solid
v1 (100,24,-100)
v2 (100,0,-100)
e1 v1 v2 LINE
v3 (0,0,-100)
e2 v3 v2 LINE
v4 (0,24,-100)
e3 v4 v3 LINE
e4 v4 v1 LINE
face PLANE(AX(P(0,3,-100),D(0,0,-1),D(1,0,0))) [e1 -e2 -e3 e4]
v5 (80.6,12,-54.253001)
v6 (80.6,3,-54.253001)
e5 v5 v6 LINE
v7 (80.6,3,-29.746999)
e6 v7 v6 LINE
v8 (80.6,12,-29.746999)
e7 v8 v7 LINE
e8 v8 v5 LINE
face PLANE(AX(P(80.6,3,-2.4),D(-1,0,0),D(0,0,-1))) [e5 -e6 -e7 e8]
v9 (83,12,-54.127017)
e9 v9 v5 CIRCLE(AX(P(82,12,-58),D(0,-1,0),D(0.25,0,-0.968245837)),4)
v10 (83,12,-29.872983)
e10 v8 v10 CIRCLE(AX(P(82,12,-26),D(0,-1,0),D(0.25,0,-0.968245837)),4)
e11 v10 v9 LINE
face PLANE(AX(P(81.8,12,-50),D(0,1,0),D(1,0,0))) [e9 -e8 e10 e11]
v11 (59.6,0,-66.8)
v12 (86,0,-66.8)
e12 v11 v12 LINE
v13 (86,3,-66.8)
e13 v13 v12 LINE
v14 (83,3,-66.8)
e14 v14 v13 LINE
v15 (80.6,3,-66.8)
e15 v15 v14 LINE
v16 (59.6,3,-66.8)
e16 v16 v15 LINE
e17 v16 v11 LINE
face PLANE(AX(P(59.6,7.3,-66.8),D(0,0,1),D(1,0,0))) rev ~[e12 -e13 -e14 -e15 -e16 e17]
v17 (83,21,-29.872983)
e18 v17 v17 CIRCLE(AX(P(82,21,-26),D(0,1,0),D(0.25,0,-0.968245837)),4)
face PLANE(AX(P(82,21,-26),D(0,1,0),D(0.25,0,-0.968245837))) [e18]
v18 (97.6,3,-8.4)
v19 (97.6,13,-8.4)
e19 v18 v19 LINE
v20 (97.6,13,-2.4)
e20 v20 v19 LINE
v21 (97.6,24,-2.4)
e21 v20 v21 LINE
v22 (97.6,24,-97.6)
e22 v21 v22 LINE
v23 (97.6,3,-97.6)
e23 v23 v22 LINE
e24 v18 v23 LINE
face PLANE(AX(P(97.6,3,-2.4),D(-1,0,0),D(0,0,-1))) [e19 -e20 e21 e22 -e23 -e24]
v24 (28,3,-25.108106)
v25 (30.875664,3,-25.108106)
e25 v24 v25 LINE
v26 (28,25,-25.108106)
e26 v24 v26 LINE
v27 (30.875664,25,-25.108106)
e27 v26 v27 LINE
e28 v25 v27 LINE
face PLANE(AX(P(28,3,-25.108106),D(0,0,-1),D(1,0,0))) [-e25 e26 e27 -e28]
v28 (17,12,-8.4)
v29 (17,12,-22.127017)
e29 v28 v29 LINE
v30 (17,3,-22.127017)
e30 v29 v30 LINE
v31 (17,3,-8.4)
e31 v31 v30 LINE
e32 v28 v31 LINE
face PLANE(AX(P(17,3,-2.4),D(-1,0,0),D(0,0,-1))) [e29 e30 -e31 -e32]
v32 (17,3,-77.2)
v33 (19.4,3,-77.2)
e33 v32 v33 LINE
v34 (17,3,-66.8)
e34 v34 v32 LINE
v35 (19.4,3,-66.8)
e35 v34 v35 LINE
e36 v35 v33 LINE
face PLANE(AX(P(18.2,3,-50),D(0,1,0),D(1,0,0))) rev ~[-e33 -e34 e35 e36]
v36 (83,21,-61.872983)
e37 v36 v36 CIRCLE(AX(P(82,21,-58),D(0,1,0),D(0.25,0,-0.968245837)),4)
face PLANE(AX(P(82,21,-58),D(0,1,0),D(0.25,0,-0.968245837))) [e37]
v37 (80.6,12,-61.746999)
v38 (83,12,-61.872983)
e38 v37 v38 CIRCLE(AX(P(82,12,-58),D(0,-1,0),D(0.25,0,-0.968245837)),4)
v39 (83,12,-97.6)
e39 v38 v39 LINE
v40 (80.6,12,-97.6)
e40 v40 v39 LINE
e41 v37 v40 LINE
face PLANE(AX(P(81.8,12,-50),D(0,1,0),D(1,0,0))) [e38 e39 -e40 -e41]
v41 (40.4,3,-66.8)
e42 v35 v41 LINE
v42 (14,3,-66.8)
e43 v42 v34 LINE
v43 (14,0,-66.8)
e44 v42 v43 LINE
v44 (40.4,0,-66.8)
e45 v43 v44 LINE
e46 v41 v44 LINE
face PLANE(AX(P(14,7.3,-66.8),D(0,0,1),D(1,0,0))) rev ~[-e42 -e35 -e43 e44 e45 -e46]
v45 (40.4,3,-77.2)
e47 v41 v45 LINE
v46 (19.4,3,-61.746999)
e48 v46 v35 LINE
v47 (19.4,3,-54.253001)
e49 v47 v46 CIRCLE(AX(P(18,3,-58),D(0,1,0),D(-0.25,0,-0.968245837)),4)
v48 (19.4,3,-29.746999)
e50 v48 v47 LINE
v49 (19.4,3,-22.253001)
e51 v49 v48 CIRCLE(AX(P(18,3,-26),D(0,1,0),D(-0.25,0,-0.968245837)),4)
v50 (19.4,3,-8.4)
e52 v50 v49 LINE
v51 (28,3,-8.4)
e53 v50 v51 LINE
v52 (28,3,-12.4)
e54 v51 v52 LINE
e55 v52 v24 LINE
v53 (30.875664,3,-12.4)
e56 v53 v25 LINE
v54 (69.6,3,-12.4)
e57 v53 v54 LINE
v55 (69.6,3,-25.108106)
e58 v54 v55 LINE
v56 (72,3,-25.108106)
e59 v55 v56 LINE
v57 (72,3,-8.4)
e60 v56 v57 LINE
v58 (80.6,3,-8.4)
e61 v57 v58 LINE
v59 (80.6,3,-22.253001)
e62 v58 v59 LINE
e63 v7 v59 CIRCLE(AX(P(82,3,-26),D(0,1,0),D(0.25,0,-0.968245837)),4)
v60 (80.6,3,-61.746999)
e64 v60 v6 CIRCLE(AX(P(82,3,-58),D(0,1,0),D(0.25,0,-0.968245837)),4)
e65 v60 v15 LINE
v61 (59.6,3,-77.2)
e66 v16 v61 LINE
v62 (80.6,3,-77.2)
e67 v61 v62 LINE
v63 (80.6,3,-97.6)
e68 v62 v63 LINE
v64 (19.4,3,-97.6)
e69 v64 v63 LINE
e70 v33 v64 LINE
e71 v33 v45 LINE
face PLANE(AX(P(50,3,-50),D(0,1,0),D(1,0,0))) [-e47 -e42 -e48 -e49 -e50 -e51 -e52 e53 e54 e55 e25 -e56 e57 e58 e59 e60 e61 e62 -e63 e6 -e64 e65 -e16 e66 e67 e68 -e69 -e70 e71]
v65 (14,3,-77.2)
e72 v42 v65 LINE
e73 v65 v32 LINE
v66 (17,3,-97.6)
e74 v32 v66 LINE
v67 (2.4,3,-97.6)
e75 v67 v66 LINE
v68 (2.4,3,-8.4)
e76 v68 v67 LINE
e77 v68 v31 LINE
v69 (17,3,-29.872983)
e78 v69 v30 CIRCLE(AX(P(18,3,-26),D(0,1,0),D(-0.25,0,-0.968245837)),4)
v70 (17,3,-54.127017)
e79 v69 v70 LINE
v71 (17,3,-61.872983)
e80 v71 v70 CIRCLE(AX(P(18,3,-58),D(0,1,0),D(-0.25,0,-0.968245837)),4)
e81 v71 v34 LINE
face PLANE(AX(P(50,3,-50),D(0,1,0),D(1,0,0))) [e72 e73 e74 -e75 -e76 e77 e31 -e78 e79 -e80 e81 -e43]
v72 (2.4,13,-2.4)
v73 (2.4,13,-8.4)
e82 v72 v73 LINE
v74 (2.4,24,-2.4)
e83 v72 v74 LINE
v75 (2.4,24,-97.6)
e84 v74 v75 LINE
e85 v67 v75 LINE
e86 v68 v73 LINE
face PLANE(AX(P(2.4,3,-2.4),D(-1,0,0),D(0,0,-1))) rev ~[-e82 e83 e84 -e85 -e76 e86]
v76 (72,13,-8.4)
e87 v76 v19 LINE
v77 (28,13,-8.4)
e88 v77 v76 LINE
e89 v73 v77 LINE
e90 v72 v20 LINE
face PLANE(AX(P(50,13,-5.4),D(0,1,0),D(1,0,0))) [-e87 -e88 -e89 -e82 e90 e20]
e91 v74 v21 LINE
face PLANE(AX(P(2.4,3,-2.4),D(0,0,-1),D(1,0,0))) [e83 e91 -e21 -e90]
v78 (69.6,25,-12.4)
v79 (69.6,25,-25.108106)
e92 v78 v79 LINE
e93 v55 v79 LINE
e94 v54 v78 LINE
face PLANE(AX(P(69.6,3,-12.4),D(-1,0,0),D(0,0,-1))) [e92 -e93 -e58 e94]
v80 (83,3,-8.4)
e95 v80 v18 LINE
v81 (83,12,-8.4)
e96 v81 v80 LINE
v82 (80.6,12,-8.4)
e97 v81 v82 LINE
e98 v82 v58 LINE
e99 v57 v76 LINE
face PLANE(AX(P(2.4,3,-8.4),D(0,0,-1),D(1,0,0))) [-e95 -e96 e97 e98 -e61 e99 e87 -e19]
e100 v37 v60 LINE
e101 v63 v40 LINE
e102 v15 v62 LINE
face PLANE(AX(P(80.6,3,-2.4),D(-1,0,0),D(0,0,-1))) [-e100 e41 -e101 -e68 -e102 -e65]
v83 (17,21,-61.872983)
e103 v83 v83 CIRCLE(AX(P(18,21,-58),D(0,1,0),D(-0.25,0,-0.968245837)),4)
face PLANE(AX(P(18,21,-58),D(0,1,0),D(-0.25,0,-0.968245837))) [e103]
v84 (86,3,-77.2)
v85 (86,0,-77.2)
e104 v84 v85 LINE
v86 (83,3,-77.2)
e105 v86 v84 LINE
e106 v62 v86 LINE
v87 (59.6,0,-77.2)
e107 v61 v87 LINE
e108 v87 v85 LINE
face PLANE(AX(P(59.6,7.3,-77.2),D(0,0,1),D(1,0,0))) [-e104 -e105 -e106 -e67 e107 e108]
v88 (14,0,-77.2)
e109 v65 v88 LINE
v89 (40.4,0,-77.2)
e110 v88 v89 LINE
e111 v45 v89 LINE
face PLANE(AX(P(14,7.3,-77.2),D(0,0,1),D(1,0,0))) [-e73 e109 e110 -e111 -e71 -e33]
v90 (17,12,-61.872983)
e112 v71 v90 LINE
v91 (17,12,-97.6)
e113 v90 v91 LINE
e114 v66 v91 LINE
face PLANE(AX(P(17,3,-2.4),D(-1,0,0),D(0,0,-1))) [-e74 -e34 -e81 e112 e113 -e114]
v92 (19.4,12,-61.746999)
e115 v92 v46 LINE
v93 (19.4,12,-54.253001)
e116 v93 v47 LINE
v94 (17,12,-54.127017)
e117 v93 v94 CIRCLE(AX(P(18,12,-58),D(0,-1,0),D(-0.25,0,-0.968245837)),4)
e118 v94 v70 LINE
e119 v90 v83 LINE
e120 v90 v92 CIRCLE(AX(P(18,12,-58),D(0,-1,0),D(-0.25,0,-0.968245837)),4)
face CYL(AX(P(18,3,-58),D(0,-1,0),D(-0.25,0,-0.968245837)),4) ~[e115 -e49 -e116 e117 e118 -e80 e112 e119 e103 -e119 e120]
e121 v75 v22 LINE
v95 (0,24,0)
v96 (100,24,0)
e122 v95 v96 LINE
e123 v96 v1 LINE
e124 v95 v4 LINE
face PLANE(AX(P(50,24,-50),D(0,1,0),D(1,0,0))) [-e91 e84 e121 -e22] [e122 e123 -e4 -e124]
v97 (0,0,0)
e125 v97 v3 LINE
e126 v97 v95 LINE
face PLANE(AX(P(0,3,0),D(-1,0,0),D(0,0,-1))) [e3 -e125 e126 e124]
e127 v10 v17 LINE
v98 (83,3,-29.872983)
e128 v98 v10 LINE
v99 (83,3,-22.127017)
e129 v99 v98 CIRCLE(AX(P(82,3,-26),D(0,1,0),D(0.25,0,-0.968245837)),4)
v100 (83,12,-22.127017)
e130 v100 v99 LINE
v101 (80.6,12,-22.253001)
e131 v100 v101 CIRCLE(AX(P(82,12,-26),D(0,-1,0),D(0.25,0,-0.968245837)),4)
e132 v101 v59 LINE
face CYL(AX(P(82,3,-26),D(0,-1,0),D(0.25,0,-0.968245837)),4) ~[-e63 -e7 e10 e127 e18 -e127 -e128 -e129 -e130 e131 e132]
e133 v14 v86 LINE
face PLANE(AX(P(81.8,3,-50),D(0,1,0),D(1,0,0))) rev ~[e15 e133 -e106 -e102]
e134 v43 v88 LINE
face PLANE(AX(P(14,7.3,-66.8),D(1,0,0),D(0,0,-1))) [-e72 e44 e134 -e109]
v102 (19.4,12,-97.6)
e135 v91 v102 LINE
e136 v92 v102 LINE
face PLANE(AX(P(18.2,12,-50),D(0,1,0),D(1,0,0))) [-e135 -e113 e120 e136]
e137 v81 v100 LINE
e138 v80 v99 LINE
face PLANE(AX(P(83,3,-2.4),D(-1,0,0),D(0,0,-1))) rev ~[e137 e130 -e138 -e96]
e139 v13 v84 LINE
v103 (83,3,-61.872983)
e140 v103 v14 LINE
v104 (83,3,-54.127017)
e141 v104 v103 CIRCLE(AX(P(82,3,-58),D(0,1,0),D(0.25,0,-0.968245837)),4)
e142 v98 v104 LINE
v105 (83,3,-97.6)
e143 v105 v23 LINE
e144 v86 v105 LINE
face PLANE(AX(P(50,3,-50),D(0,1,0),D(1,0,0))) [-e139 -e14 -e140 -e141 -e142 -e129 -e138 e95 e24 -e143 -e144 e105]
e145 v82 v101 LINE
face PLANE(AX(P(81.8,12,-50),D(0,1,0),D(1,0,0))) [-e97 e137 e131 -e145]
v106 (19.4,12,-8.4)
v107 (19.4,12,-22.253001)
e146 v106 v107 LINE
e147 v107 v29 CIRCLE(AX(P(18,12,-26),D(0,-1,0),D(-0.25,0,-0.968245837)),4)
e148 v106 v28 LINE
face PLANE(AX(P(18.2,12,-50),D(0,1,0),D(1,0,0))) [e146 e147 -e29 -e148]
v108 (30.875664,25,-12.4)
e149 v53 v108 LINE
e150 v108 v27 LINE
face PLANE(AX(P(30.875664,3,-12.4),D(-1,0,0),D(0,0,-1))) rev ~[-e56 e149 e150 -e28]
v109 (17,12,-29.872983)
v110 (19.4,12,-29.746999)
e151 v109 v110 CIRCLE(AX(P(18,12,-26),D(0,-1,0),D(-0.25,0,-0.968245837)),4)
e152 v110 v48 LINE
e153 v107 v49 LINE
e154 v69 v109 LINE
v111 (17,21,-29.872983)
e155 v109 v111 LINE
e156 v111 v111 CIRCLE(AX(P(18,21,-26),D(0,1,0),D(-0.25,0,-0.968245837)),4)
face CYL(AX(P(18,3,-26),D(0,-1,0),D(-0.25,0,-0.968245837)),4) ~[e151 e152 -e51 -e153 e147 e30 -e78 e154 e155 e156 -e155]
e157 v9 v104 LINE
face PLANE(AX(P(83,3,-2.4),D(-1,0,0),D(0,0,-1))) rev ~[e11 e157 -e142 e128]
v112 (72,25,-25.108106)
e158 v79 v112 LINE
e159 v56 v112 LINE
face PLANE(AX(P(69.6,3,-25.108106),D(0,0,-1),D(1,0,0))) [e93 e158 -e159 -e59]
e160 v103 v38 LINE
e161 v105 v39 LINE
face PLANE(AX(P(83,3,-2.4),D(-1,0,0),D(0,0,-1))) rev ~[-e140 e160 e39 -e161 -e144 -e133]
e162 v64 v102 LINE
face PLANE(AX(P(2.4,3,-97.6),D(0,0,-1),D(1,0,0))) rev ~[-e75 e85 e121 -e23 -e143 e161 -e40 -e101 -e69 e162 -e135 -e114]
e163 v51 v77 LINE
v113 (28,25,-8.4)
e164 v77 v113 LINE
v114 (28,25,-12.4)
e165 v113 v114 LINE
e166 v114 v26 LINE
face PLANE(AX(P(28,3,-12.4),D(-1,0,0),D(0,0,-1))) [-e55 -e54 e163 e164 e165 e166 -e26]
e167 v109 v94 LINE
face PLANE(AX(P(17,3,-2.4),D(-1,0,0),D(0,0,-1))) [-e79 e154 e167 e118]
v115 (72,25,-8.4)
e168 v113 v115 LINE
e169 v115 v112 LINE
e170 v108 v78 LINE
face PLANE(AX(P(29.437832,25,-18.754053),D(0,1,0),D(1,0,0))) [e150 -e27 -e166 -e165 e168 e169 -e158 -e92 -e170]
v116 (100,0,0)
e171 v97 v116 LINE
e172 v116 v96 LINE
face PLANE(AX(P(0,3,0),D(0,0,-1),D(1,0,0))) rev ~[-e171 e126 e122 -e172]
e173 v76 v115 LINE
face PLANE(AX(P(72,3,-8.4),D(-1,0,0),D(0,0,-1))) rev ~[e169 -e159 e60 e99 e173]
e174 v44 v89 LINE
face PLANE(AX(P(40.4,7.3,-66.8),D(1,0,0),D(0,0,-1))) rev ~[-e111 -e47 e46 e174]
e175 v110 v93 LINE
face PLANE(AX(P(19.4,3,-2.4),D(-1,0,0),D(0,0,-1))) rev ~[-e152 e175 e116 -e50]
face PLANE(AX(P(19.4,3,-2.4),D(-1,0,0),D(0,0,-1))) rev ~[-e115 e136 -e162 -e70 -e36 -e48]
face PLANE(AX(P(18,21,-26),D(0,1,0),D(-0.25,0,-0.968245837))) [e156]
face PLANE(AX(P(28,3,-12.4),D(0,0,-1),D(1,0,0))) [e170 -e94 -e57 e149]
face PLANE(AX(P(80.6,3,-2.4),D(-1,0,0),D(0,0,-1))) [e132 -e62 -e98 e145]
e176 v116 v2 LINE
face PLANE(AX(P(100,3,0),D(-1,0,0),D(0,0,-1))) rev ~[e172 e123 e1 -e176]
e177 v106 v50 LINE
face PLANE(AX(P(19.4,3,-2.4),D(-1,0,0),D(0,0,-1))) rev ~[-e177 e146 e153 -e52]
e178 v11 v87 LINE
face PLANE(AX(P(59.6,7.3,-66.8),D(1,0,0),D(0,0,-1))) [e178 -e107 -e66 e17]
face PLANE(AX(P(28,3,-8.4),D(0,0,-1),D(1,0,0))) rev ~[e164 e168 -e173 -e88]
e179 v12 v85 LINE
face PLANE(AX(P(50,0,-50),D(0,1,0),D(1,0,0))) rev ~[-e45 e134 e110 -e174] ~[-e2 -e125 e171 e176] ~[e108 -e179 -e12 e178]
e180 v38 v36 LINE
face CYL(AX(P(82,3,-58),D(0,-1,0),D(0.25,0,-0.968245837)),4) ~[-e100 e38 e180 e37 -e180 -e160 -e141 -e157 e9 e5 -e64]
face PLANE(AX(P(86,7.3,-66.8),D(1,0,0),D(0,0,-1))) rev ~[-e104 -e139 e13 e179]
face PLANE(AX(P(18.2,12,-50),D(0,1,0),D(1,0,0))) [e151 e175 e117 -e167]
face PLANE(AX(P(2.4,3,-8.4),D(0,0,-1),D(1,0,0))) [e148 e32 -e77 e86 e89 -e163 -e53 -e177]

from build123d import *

# Parameters (mm, degrees)
CROQUIS1_W              = 100
CROQUIS1_H              = 100
PLACABASE_DEPTH         = 3
CROQUIS2_W              = 100
CROQUIS2_H              = 100
CROQUIS2_W_2            = 95.2
CROQUIS2_H_2            = 95.2
PAREDES_DEPTH           = 21
CROQUIS4_W              = 26.4
CROQUIS4_H              = 10.4
ALOJAMIENTOSMOTOR_DEPTH = 12.4
CROQUIS6_W              = 2.4
CROQUIS6_H              = 95.2
NERVIOSRIGIDEZ_DEPTH    = 9
CROQUIS7_W              = 95.2
CROQUIS7_H              = 6
BLOQUECUNA_DEPTH        = 10
CROQUIS8_W              = 44
CROQUIS8_H              = 4
TORRESENSORES_DEPTH     = 22
CROQUIS11_W             = 2.875664279
CROQUIS11_H             = 12.708105518
CROQUIS11_W_2           = 2.4
NERVIOSTORRE_DEPTH      = 22
CROQUIS12_R             = 4
POSTESPLACA_DEPTH       = 18


with BuildPart() as part:
    # Croquis1 → PlacaBase (new body)
    with BuildSketch(Plane(origin=(0, 0, 0), x_dir=(1, 0, 0), z_dir=(0, 1, 0))):
        with Locations((50, 50)):
            Rectangle(CROQUIS1_W, CROQUIS1_H)
    extrude(amount=PLACABASE_DEPTH)

    # Croquis2 → Paredes (add)
    with BuildSketch(Plane(origin=(0, 3, 0), x_dir=(1, 0, 0), z_dir=(0, 1, 0))):
        with Locations((50, 50)):
            Rectangle(CROQUIS2_W, CROQUIS2_H)
        with Locations((50, 50)):
            Rectangle(CROQUIS2_W_2, CROQUIS2_H_2, mode=Mode.SUBTRACT)
    extrude(amount=PAREDES_DEPTH)

    # Croquis4 → AlojamientosMotor (cut)
    with BuildSketch(Plane(origin=(0, 7.3, 0), x_dir=(1, 0, 0), z_dir=(0, 1, 0))):
        with Locations((27.2, 72)):
            Rectangle(CROQUIS4_W, CROQUIS4_H)
        with Locations((72.8, 72)):
            Rectangle(CROQUIS4_W, CROQUIS4_H)
    extrude(amount=-ALOJAMIENTOSMOTOR_DEPTH, mode=Mode.SUBTRACT)

    # Croquis6 → NerviosRigidez (add)
    with BuildSketch(Plane(origin=(0, 3, 0), x_dir=(1, 0, 0), z_dir=(0, 1, 0))):
        with Locations((18.2, 50)):
            Rectangle(CROQUIS6_W, CROQUIS6_H)
        with Locations((81.8, 50)):
            Rectangle(CROQUIS6_W, CROQUIS6_H)
    extrude(amount=NERVIOSRIGIDEZ_DEPTH)

    # Croquis7 → BloqueCuna (add)
    with BuildSketch(Plane(origin=(0, 3, 0), x_dir=(1, 0, 0), z_dir=(0, 1, 0))):
        with Locations((50, 5.4)):
            Rectangle(CROQUIS7_W, CROQUIS7_H)
    extrude(amount=BLOQUECUNA_DEPTH)

    # Croquis8 → TorreSensores (add)
    with BuildSketch(Plane(origin=(0, 3, 0), x_dir=(1, 0, 0), z_dir=(0, 1, 0))):
        with Locations((50, 10.4)):
            Rectangle(CROQUIS8_W, CROQUIS8_H)
    extrude(amount=TORRESENSORES_DEPTH)

    # Croquis11 → NerviosTorre (add)
    with BuildSketch(Plane(origin=(0, 3, 0), x_dir=(1, 0, 0), z_dir=(0, 1, 0))):
        with Locations((29.43783214, 18.754052759)):
            Rectangle(CROQUIS11_W, CROQUIS11_H)
        with Locations((70.8, 18.754052759)):
            Rectangle(CROQUIS11_W_2, CROQUIS11_H)
    extrude(amount=NERVIOSTORRE_DEPTH)

    # Croquis12 → PostesPlaca (add)
    with BuildSketch(Plane(origin=(0, 3, 0), x_dir=(1, 0, 0), z_dir=(0, 1, 0))):
        with Locations(Location((18, 26, 0), (0, 0, 104.477512186))):
            Circle(CROQUIS12_R)
        with Locations(Location((82, 26, 0), (0, 0, 75.522487814))):
            Circle(CROQUIS12_R)
        with Locations(Location((18, 58, 0), (0, 0, 104.477512186))):
            Circle(CROQUIS12_R)
        with Locations(Location((82, 58, 0), (0, 0, 75.522487814))):
            Circle(CROQUIS12_R)
    extrude(amount=POSTESPLACA_DEPTH)


solid = part.part
